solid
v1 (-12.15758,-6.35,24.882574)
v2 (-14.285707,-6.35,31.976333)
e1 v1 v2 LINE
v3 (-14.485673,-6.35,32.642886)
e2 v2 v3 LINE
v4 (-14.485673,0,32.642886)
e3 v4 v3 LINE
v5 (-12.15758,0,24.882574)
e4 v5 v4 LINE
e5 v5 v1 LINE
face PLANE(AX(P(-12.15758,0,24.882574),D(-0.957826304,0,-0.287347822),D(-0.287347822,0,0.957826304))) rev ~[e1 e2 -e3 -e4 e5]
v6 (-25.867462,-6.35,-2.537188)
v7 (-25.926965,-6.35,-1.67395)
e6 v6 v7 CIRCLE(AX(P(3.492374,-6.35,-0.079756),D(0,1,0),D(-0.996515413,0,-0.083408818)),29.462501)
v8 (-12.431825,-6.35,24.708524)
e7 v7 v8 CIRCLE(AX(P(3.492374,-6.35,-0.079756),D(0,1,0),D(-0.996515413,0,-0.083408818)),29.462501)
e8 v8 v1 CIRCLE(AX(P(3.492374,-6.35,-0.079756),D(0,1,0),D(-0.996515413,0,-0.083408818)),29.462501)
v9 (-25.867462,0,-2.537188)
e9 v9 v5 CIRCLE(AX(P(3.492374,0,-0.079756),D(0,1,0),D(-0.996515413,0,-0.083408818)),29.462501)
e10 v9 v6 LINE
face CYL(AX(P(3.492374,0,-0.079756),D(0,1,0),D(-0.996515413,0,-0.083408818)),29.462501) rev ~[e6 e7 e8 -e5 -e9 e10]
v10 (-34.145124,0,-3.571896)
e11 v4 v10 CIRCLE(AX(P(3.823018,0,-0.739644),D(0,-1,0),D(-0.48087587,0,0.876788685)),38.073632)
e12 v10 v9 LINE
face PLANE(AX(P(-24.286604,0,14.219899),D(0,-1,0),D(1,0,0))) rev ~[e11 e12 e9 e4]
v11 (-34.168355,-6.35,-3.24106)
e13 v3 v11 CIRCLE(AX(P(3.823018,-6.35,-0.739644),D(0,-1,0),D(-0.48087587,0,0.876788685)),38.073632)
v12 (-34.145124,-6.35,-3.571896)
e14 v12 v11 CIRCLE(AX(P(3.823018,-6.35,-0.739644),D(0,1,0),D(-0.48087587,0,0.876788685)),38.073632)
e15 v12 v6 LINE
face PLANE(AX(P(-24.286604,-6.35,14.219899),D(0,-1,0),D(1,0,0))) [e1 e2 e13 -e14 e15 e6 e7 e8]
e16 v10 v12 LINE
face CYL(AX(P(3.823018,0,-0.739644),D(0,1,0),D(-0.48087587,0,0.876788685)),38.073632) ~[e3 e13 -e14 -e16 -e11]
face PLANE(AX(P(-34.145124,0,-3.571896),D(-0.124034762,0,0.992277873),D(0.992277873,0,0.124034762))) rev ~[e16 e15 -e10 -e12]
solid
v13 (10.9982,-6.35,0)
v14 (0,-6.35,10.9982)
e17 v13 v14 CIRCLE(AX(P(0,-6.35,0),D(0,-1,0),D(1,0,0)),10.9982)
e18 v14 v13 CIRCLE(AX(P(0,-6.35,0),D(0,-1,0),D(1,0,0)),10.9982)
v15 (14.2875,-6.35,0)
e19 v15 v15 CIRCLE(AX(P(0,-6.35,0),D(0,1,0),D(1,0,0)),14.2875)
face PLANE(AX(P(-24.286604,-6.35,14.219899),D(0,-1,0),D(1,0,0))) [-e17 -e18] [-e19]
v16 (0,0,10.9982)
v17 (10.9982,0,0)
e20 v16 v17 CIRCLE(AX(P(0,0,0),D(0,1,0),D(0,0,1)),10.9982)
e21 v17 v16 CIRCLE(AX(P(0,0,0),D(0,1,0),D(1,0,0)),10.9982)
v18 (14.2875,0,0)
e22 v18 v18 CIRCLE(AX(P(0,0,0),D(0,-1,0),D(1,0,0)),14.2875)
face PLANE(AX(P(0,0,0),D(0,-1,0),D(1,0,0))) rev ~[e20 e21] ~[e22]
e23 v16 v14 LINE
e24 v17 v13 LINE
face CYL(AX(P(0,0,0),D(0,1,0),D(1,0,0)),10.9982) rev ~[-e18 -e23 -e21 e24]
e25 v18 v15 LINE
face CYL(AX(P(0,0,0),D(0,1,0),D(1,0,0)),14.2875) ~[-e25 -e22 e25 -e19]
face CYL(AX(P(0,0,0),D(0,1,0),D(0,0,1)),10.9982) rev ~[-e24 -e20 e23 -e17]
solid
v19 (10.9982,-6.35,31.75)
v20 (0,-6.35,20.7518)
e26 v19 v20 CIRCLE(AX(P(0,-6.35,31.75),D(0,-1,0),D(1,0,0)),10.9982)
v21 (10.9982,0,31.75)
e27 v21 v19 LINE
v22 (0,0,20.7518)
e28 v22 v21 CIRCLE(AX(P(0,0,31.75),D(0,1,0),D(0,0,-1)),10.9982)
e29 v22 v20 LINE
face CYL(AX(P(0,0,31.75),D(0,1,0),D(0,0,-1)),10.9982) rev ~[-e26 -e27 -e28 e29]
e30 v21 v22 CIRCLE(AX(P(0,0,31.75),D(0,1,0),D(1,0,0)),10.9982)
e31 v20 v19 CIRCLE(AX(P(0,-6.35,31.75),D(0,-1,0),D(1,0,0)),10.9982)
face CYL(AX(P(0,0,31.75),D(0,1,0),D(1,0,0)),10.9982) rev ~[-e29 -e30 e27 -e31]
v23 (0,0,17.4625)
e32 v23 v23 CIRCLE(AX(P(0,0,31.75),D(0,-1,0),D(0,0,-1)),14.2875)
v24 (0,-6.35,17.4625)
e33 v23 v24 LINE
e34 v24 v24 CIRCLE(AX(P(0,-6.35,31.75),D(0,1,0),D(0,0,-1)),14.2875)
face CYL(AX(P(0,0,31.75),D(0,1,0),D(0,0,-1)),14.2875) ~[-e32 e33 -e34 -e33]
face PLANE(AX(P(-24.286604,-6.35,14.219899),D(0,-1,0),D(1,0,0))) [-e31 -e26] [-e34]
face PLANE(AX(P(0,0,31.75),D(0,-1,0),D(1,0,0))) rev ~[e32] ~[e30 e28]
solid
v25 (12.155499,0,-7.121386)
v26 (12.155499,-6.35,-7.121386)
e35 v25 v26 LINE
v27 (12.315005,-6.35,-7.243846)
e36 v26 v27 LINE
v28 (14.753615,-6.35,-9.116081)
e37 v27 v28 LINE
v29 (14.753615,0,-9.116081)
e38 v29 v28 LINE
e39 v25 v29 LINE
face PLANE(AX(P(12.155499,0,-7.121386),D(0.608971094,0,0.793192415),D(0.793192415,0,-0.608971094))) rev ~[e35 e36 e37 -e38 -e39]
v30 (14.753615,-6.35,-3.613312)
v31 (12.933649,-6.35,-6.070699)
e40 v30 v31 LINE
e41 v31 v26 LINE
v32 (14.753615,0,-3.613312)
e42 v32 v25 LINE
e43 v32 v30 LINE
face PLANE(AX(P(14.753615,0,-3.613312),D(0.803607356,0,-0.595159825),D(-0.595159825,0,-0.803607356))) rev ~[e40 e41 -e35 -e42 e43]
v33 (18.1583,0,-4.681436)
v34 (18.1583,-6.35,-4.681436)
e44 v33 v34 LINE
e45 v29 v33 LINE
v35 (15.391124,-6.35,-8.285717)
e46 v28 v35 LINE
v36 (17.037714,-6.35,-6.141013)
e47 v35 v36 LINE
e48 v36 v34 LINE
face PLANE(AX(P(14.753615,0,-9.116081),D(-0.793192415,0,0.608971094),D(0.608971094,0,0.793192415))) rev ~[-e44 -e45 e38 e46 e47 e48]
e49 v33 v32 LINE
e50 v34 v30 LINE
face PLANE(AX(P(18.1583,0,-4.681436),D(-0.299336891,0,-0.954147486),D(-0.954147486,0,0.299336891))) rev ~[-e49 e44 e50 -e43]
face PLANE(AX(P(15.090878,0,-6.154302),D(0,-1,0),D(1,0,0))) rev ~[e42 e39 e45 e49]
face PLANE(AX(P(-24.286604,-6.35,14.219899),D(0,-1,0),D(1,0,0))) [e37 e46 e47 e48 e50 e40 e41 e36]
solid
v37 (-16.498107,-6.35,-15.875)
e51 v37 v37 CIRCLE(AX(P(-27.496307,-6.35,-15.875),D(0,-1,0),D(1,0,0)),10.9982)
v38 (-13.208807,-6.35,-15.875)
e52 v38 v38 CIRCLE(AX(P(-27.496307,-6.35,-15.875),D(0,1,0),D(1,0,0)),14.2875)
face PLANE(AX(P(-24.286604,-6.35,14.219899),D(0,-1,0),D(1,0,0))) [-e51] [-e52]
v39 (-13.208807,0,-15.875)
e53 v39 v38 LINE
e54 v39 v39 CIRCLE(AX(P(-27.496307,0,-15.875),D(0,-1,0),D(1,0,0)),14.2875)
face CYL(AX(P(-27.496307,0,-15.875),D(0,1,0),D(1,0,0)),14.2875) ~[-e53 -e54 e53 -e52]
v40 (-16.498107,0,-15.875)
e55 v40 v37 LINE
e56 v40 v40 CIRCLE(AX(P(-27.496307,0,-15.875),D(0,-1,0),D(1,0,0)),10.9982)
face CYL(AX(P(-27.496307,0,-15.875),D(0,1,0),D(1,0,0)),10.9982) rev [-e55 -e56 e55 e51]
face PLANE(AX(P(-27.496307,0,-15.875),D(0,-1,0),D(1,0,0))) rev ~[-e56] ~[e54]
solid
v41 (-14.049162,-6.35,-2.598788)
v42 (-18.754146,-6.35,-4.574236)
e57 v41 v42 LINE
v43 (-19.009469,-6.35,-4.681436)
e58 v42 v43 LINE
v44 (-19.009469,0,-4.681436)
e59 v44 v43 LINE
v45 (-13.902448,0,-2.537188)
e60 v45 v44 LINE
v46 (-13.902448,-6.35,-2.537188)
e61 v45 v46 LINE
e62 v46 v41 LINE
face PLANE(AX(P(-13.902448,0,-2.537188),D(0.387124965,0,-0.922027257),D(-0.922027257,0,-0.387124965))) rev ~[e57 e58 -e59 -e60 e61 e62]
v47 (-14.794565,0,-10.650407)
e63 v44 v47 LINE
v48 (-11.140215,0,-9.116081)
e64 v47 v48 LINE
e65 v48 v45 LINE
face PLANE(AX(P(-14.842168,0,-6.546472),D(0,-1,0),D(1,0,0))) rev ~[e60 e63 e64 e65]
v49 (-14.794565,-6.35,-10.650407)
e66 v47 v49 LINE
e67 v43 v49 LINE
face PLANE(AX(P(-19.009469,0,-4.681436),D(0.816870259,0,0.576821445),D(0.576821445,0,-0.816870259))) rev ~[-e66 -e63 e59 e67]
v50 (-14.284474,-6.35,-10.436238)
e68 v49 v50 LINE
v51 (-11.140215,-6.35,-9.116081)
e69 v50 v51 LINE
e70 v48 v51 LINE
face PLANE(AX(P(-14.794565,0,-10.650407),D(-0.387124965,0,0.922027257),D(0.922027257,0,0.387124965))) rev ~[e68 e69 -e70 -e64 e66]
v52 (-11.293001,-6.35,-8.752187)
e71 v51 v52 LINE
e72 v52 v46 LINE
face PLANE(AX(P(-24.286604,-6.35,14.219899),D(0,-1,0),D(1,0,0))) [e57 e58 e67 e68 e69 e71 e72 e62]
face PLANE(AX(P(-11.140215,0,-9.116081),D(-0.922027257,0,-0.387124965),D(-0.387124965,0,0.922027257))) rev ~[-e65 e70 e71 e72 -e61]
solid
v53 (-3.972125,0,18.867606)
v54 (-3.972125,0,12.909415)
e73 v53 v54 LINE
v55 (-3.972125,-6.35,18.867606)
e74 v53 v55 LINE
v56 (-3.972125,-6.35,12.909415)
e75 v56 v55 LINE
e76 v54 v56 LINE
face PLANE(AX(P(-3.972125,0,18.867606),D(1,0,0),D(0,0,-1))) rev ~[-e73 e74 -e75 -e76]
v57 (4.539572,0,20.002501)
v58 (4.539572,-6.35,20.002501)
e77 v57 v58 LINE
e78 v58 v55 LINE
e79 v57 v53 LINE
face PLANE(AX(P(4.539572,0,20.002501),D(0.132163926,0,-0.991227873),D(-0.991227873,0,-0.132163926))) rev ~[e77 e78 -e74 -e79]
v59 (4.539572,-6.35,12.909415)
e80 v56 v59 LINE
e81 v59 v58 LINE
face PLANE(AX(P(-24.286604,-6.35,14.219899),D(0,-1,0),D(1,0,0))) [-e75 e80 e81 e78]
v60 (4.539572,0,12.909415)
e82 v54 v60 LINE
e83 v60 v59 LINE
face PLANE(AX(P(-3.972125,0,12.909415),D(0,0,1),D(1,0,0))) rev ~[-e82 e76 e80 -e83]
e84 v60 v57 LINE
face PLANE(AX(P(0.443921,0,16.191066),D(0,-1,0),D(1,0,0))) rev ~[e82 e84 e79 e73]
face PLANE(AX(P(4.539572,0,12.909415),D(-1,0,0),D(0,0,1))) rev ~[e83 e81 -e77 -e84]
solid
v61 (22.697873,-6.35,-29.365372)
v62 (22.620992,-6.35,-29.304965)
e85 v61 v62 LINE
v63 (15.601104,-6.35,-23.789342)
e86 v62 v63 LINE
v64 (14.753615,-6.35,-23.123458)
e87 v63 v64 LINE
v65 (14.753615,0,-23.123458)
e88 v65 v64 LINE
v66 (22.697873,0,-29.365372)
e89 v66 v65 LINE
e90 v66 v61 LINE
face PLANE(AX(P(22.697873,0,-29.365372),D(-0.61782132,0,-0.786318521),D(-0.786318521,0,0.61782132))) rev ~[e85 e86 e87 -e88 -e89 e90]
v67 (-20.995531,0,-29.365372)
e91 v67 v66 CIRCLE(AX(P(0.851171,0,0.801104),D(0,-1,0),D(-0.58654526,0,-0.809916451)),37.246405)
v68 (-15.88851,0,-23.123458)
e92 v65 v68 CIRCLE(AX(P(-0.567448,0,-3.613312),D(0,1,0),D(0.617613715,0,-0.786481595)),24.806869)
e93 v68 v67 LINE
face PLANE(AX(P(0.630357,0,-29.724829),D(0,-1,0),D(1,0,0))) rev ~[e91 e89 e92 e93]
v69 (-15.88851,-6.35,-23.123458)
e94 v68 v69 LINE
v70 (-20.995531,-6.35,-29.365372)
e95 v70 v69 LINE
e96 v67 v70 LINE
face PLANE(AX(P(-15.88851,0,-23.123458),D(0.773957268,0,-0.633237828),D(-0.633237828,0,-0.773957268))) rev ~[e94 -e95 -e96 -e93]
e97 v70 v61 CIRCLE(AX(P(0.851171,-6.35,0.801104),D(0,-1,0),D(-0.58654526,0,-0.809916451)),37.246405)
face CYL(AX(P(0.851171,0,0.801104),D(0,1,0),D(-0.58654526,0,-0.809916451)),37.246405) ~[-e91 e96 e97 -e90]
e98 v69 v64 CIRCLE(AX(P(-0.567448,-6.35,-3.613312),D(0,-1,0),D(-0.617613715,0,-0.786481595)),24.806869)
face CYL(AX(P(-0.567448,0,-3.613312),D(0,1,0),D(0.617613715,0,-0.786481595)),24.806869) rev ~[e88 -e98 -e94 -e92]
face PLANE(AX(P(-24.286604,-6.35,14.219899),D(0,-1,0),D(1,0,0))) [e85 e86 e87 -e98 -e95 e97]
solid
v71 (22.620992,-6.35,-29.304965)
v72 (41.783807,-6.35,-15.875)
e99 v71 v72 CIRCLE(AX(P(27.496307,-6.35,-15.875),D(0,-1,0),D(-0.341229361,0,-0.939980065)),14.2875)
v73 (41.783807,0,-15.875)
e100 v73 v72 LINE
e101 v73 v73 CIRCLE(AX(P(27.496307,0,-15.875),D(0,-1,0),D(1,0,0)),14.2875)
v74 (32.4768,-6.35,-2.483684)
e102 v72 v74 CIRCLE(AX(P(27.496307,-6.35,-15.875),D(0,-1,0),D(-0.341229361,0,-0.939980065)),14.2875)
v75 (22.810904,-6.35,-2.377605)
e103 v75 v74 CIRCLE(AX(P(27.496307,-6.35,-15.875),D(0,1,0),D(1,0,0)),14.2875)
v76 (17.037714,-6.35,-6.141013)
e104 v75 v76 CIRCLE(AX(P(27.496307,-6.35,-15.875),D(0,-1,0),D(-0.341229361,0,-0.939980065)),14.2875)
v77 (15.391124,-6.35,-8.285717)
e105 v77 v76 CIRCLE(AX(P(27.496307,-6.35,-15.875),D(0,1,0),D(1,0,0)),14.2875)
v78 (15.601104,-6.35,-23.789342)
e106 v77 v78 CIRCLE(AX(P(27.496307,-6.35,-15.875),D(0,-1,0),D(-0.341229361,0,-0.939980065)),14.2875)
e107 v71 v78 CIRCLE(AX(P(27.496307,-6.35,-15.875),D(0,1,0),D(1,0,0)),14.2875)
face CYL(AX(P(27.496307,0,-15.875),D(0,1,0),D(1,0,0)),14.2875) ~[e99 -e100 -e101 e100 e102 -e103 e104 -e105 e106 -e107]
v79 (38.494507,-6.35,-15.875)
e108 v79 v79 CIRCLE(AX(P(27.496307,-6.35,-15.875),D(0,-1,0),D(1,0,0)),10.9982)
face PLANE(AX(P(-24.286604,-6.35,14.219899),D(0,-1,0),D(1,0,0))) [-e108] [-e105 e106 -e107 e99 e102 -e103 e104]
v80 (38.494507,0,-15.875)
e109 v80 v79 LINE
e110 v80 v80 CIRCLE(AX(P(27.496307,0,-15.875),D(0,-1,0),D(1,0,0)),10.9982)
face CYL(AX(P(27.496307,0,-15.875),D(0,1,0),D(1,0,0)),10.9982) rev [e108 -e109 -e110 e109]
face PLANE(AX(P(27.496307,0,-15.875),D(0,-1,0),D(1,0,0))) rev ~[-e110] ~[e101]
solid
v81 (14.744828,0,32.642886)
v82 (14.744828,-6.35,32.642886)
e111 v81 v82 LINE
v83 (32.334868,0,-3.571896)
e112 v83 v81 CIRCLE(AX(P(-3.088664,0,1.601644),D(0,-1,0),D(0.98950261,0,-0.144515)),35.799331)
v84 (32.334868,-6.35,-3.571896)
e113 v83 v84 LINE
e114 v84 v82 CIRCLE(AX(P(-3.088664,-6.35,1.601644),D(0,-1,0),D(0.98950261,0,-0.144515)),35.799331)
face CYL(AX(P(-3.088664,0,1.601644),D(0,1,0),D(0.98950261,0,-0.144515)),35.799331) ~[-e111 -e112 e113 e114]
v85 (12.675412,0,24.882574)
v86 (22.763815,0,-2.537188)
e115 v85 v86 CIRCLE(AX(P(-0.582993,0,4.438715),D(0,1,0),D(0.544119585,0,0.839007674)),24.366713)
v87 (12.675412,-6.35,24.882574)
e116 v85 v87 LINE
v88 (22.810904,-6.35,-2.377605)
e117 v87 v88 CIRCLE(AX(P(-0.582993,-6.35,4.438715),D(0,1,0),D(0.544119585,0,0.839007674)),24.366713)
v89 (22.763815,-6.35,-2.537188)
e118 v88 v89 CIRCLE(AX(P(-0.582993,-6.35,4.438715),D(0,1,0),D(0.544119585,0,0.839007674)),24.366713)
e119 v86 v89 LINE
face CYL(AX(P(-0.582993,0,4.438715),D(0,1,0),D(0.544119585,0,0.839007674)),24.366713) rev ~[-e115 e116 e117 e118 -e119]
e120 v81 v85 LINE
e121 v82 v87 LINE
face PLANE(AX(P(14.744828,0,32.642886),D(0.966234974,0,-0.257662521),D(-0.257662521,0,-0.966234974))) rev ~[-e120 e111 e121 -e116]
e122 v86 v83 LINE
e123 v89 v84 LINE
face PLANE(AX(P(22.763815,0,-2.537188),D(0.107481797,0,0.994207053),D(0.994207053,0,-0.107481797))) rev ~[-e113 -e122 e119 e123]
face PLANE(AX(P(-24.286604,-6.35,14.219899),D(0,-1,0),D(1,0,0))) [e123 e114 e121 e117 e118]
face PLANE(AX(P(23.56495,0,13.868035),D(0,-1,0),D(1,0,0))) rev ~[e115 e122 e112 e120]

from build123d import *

# Parameters (mm, degrees)
F2_DEPTH    = 25.4
F0_R        = 14.2875
F0_R_2      = 10.9982
F2_FACE_R   = 14.2875
F2_FACE_R_2 = 10.9982
F3_DEPTH    = 19.05


with BuildPart() as f2:
    # F1 (on Front) → F2 (new body)
    with BuildSketch(Plane.XZ):
        with BuildLine():
            Line((-12.1575798839, 24.8825736344), (-14.4856730476, 32.6428860426))
            ThreePointArc((-14.4856730476, 32.6428860426), (-29.6381251767, 17.4249747886), (-34.1451242566, -3.5718961153))
            Line((-34.1451242566, -3.5718961153), (-25.8674621582, -2.5371881202))
            ThreePointArc((-25.8674621582, -2.5371881202), (-22.8596873169, 13.096276101), (-12.1575798839, 24.8825736344))
        make_face()
    extrude(amount=F2_DEPTH)


with BuildPart() as f2b:
    # F1 (on Front) → F2, piece 2 (new body)
    with BuildSketch(Plane.XZ):
        with BuildLine():
            ThreePointArc((12.6754119992, 24.8825736344), (22.2850246185, 12.8524195086), (22.7638147771, -2.5371881202))
            Line((22.7638147771, -2.5371881202), (32.3348678648, -3.5718961153))
            ThreePointArc((32.3348678648, -3.5718961153), (29.1131255688, 17.2425161523), (14.7448275238, 32.6428860426))
            Line((14.7448275238, 32.6428860426), (12.6754119992, 24.8825736344))
        make_face()
    extrude(amount=F2_DEPTH)


with BuildPart() as f2c:
    # F1 (on Front) → F2, piece 3 (new body)
    with BuildSketch(Plane.XZ):
        Polygon((18.1582998484, -4.681436345), (14.7536145523, -3.6133122598), (12.1554992524, -7.1213860189), (14.7536145523, -9.1160812369), align=None)
    extrude(amount=F2_DEPTH)


with BuildPart() as f2d:
    # F1 (on Front) → F2, piece 4 (new body)
    with BuildSketch(Plane.XZ):
        Polygon((4.5395721681, 20.0025010854), (-3.9721252397, 18.8676062971), (-3.9721252397, 12.909415178), (4.5395721681, 12.909415178), align=None)
    extrude(amount=F2_DEPTH)


with BuildPart() as f2e:
    # F1 (on Front) → F2, piece 5 (new body)
    with BuildSketch(Plane.XZ):
        Polygon((-13.9024481177, -2.5371881202), (-19.009469077, -4.681436345), (-14.7945646839, -10.6504065937), (-11.1402154974, -9.1160812369), align=None)
    extrude(amount=F2_DEPTH)


with BuildPart() as f2f:
    # F1 (on Front) → F2, piece 6 (new body)
    with BuildSketch(Plane.XZ):
        with BuildLine():
            ThreePointArc((14.7536145523, -23.1234580278), (-0.5674478598, -28.4201810934), (-15.8885102719, -23.1234580278))
            Line((-15.8885102719, -23.1234580278), (-20.9955312312, -29.3653719127))
            ThreePointArc((-20.9955312312, -29.3653719127), (0.8511710912, -36.4453007575), (22.6978734136, -29.3653719127))
            Line((22.6978734136, -29.3653719127), (14.7536145523, -23.1234580278))
        make_face()
    extrude(amount=F2_DEPTH)


with BuildPart() as f2g:
    # F0 (on Front) → F2, piece 7 (new body)
    with BuildSketch(Plane.XZ):
        with Locations((27.4963065702, -15.875)):
            Circle(F0_R)
        with Locations((27.4963065702, -15.875)):
            Circle(F0_R_2, mode=Mode.SUBTRACT)
    extrude(amount=F2_DEPTH)


with BuildPart() as f2h:
    # F0 (on Front) → F2, piece 8 (new body)
    with BuildSketch(Plane.XZ):
        with BuildLine():
            ThreePointArc((0, 14.2875), (-10.1027881362, -10.1027881362), (14.2875, 0))
            ThreePointArc((14.2875, 0), (10.1027881362, 10.1027881362), (0, 14.2875))
        make_face()
        with BuildLine():
            ThreePointArc((10.9982, 0), (-7.7769018008, -7.7769018008), (0, 10.9982))
            ThreePointArc((0, 10.9982), (7.7769018008, 7.7769018008), (10.9982, 0))
        make_face(mode=Mode.SUBTRACT)
    extrude(amount=F2_DEPTH)


with BuildPart() as f2i:
    # F0 (on Front) → F2, piece 9 (new body)
    with BuildSketch(Plane.XZ):
        with BuildLine():
            ThreePointArc((14.2875, 31.75), (-10.1027881362, 41.8527881362), (0, 17.4625))
            ThreePointArc((0, 17.4625), (10.1027881362, 21.6472118638), (14.2875, 31.75))
        make_face()
        with BuildLine():
            ThreePointArc((10.9982, 31.75), (7.7769018008, 23.9730981992), (0, 20.7518))
            ThreePointArc((0, 20.7518), (-7.7769018008, 39.5269018008), (10.9982, 31.75))
        make_face(mode=Mode.SUBTRACT)
    extrude(amount=F2_DEPTH)


with BuildPart() as f2j:
    # F0 (on Front) → F2, piece 10 (new body)
    with BuildSketch(Plane.XZ):
        with Locations((-27.4963065702, -15.875)):
            Circle(F0_R)
        with Locations((-27.4963065702, -15.875)):
            Circle(F0_R_2, mode=Mode.SUBTRACT)
    extrude(amount=F2_DEPTH)


with BuildPart() as f3_tool:
    # F2_face (on face) → F3 (new body)
    with BuildSketch(Plane(origin=(-24.9404364101, -25.4, 14.3906853259), x_dir=(1, 0, 0), z_dir=(0, -1, 0))):
        with BuildLine():
            ThreePointArc((-0.9270257481, -16.9278734461), (2.0807490932, -1.2944092249), (12.7828565261, 10.4918883085))
            Line((12.7828565261, 10.4918883085), (10.4547633625, 18.2522007167))
            ThreePointArc((10.4547633625, 18.2522007167), (-4.6976887667, 3.0342894627), (-9.2046878465, -17.9625814412))
            Line((-9.2046878465, -17.9625814412), (-0.9270257481, -16.9278734461))
        make_face()
        with Locations((-2.5558701601, -30.2656853259)):
            Circle(F2_FACE_R)
        with Locations((-2.5558701601, -30.2656853259)):
            Circle(F2_FACE_R_2, mode=Mode.SUBTRACT)
        with Locations((24.9404364101, -14.3906853259)):
            Circle(F2_FACE_R)
        with Locations((24.9404364101, -14.3906853259)):
            Circle(F2_FACE_R_2, mode=Mode.SUBTRACT)
        Polygon((10.1458717262, -25.0410919196), (13.8002209127, -23.5067665627), (11.0379882923, -16.9278734461), (5.9309673331, -19.0721216709), align=None)
        with BuildLine():
            ThreePointArc((39.6940509624, -37.5141433537), (24.3729885503, -42.8108664193), (9.0519261382, -37.5141433537))
            Line((9.0519261382, -37.5141433537), (3.9449051789, -43.7560572386))
            ThreePointArc((3.9449051789, -43.7560572386), (25.7916075013, -50.8359860834), (47.6383098236, -43.7560572386))
            Line((47.6383098236, -43.7560572386), (39.6940509624, -37.5141433537))
        make_face()
        with Locations((52.4367429802, -30.2656853259)):
            Circle(F2_FACE_R)
        with Locations((52.4367429802, -30.2656853259)):
            Circle(F2_FACE_R_2, mode=Mode.SUBTRACT)
        Polygon((39.6940509624, -23.5067665627), (43.0987362585, -19.0721216709), (39.6940509624, -18.0039975857), (37.0959356624, -21.5120713448), align=None)
        with Locations((24.9404364101, 17.3593146741)):
            Circle(F2_FACE_R)
        with Locations((24.9404364101, 17.3593146741)):
            Circle(F2_FACE_R_2, mode=Mode.SUBTRACT)
        Polygon((29.4800085782, 5.6118157595), (20.9683111704, 4.4769209713), (20.9683111704, -1.4812701479), (29.4800085782, -1.4812701479), align=None)
        with BuildLine():
            Line((39.6852639339, 18.2522007167), (37.6158484093, 10.4918883085))
            ThreePointArc((37.6158484093, 10.4918883085), (47.2254610285, -1.5382658173), (47.7042511872, -16.9278734461))
            Line((47.7042511872, -16.9278734461), (57.2753042749, -17.9625814412))
            ThreePointArc((57.2753042749, -17.9625814412), (54.0535619789, 2.8518308264), (39.6852639339, 18.2522007167))
        make_face()
    extrude(amount=-F3_DEPTH)


with BuildPart() as f2_1:
    add(f2.part)

    # F3: cut by f3_tool
    add(f3_tool.part, mode=Mode.SUBTRACT)


with BuildPart() as f2b_1:
    add(f2b.part)

    # F3: cut by f3_tool
    add(f3_tool.part, mode=Mode.SUBTRACT)


with BuildPart() as f2c_1:
    add(f2c.part)

    # F3: cut by f3_tool
    add(f3_tool.part, mode=Mode.SUBTRACT)


with BuildPart() as f2d_1:
    add(f2d.part)

    # F3: cut by f3_tool
    add(f3_tool.part, mode=Mode.SUBTRACT)


with BuildPart() as f2e_1:
    add(f2e.part)

    # F3: cut by f3_tool
    add(f3_tool.part, mode=Mode.SUBTRACT)


with BuildPart() as f2f_1:
    add(f2f.part)

    # F3: cut by f3_tool
    add(f3_tool.part, mode=Mode.SUBTRACT)


with BuildPart() as f2g_1:
    add(f2g.part)

    # F3: cut by f3_tool
    add(f3_tool.part, mode=Mode.SUBTRACT)


with BuildPart() as f2h_1:
    add(f2h.part)

    # F3: cut by f3_tool
    add(f3_tool.part, mode=Mode.SUBTRACT)


with BuildPart() as f2i_1:
    add(f2i.part)

    # F3: cut by f3_tool
    add(f3_tool.part, mode=Mode.SUBTRACT)


with BuildPart() as f2j_1:
    add(f2j.part)

    # F3: cut by f3_tool
    add(f3_tool.part, mode=Mode.SUBTRACT)


solid = Compound([f2_1.part, f2b_1.part, f2c_1.part, f2d_1.part, f2e_1.part, f2f_1.part, f2g_1.part, f2h_1.part, f2i_1.part, f2j_1.part])
